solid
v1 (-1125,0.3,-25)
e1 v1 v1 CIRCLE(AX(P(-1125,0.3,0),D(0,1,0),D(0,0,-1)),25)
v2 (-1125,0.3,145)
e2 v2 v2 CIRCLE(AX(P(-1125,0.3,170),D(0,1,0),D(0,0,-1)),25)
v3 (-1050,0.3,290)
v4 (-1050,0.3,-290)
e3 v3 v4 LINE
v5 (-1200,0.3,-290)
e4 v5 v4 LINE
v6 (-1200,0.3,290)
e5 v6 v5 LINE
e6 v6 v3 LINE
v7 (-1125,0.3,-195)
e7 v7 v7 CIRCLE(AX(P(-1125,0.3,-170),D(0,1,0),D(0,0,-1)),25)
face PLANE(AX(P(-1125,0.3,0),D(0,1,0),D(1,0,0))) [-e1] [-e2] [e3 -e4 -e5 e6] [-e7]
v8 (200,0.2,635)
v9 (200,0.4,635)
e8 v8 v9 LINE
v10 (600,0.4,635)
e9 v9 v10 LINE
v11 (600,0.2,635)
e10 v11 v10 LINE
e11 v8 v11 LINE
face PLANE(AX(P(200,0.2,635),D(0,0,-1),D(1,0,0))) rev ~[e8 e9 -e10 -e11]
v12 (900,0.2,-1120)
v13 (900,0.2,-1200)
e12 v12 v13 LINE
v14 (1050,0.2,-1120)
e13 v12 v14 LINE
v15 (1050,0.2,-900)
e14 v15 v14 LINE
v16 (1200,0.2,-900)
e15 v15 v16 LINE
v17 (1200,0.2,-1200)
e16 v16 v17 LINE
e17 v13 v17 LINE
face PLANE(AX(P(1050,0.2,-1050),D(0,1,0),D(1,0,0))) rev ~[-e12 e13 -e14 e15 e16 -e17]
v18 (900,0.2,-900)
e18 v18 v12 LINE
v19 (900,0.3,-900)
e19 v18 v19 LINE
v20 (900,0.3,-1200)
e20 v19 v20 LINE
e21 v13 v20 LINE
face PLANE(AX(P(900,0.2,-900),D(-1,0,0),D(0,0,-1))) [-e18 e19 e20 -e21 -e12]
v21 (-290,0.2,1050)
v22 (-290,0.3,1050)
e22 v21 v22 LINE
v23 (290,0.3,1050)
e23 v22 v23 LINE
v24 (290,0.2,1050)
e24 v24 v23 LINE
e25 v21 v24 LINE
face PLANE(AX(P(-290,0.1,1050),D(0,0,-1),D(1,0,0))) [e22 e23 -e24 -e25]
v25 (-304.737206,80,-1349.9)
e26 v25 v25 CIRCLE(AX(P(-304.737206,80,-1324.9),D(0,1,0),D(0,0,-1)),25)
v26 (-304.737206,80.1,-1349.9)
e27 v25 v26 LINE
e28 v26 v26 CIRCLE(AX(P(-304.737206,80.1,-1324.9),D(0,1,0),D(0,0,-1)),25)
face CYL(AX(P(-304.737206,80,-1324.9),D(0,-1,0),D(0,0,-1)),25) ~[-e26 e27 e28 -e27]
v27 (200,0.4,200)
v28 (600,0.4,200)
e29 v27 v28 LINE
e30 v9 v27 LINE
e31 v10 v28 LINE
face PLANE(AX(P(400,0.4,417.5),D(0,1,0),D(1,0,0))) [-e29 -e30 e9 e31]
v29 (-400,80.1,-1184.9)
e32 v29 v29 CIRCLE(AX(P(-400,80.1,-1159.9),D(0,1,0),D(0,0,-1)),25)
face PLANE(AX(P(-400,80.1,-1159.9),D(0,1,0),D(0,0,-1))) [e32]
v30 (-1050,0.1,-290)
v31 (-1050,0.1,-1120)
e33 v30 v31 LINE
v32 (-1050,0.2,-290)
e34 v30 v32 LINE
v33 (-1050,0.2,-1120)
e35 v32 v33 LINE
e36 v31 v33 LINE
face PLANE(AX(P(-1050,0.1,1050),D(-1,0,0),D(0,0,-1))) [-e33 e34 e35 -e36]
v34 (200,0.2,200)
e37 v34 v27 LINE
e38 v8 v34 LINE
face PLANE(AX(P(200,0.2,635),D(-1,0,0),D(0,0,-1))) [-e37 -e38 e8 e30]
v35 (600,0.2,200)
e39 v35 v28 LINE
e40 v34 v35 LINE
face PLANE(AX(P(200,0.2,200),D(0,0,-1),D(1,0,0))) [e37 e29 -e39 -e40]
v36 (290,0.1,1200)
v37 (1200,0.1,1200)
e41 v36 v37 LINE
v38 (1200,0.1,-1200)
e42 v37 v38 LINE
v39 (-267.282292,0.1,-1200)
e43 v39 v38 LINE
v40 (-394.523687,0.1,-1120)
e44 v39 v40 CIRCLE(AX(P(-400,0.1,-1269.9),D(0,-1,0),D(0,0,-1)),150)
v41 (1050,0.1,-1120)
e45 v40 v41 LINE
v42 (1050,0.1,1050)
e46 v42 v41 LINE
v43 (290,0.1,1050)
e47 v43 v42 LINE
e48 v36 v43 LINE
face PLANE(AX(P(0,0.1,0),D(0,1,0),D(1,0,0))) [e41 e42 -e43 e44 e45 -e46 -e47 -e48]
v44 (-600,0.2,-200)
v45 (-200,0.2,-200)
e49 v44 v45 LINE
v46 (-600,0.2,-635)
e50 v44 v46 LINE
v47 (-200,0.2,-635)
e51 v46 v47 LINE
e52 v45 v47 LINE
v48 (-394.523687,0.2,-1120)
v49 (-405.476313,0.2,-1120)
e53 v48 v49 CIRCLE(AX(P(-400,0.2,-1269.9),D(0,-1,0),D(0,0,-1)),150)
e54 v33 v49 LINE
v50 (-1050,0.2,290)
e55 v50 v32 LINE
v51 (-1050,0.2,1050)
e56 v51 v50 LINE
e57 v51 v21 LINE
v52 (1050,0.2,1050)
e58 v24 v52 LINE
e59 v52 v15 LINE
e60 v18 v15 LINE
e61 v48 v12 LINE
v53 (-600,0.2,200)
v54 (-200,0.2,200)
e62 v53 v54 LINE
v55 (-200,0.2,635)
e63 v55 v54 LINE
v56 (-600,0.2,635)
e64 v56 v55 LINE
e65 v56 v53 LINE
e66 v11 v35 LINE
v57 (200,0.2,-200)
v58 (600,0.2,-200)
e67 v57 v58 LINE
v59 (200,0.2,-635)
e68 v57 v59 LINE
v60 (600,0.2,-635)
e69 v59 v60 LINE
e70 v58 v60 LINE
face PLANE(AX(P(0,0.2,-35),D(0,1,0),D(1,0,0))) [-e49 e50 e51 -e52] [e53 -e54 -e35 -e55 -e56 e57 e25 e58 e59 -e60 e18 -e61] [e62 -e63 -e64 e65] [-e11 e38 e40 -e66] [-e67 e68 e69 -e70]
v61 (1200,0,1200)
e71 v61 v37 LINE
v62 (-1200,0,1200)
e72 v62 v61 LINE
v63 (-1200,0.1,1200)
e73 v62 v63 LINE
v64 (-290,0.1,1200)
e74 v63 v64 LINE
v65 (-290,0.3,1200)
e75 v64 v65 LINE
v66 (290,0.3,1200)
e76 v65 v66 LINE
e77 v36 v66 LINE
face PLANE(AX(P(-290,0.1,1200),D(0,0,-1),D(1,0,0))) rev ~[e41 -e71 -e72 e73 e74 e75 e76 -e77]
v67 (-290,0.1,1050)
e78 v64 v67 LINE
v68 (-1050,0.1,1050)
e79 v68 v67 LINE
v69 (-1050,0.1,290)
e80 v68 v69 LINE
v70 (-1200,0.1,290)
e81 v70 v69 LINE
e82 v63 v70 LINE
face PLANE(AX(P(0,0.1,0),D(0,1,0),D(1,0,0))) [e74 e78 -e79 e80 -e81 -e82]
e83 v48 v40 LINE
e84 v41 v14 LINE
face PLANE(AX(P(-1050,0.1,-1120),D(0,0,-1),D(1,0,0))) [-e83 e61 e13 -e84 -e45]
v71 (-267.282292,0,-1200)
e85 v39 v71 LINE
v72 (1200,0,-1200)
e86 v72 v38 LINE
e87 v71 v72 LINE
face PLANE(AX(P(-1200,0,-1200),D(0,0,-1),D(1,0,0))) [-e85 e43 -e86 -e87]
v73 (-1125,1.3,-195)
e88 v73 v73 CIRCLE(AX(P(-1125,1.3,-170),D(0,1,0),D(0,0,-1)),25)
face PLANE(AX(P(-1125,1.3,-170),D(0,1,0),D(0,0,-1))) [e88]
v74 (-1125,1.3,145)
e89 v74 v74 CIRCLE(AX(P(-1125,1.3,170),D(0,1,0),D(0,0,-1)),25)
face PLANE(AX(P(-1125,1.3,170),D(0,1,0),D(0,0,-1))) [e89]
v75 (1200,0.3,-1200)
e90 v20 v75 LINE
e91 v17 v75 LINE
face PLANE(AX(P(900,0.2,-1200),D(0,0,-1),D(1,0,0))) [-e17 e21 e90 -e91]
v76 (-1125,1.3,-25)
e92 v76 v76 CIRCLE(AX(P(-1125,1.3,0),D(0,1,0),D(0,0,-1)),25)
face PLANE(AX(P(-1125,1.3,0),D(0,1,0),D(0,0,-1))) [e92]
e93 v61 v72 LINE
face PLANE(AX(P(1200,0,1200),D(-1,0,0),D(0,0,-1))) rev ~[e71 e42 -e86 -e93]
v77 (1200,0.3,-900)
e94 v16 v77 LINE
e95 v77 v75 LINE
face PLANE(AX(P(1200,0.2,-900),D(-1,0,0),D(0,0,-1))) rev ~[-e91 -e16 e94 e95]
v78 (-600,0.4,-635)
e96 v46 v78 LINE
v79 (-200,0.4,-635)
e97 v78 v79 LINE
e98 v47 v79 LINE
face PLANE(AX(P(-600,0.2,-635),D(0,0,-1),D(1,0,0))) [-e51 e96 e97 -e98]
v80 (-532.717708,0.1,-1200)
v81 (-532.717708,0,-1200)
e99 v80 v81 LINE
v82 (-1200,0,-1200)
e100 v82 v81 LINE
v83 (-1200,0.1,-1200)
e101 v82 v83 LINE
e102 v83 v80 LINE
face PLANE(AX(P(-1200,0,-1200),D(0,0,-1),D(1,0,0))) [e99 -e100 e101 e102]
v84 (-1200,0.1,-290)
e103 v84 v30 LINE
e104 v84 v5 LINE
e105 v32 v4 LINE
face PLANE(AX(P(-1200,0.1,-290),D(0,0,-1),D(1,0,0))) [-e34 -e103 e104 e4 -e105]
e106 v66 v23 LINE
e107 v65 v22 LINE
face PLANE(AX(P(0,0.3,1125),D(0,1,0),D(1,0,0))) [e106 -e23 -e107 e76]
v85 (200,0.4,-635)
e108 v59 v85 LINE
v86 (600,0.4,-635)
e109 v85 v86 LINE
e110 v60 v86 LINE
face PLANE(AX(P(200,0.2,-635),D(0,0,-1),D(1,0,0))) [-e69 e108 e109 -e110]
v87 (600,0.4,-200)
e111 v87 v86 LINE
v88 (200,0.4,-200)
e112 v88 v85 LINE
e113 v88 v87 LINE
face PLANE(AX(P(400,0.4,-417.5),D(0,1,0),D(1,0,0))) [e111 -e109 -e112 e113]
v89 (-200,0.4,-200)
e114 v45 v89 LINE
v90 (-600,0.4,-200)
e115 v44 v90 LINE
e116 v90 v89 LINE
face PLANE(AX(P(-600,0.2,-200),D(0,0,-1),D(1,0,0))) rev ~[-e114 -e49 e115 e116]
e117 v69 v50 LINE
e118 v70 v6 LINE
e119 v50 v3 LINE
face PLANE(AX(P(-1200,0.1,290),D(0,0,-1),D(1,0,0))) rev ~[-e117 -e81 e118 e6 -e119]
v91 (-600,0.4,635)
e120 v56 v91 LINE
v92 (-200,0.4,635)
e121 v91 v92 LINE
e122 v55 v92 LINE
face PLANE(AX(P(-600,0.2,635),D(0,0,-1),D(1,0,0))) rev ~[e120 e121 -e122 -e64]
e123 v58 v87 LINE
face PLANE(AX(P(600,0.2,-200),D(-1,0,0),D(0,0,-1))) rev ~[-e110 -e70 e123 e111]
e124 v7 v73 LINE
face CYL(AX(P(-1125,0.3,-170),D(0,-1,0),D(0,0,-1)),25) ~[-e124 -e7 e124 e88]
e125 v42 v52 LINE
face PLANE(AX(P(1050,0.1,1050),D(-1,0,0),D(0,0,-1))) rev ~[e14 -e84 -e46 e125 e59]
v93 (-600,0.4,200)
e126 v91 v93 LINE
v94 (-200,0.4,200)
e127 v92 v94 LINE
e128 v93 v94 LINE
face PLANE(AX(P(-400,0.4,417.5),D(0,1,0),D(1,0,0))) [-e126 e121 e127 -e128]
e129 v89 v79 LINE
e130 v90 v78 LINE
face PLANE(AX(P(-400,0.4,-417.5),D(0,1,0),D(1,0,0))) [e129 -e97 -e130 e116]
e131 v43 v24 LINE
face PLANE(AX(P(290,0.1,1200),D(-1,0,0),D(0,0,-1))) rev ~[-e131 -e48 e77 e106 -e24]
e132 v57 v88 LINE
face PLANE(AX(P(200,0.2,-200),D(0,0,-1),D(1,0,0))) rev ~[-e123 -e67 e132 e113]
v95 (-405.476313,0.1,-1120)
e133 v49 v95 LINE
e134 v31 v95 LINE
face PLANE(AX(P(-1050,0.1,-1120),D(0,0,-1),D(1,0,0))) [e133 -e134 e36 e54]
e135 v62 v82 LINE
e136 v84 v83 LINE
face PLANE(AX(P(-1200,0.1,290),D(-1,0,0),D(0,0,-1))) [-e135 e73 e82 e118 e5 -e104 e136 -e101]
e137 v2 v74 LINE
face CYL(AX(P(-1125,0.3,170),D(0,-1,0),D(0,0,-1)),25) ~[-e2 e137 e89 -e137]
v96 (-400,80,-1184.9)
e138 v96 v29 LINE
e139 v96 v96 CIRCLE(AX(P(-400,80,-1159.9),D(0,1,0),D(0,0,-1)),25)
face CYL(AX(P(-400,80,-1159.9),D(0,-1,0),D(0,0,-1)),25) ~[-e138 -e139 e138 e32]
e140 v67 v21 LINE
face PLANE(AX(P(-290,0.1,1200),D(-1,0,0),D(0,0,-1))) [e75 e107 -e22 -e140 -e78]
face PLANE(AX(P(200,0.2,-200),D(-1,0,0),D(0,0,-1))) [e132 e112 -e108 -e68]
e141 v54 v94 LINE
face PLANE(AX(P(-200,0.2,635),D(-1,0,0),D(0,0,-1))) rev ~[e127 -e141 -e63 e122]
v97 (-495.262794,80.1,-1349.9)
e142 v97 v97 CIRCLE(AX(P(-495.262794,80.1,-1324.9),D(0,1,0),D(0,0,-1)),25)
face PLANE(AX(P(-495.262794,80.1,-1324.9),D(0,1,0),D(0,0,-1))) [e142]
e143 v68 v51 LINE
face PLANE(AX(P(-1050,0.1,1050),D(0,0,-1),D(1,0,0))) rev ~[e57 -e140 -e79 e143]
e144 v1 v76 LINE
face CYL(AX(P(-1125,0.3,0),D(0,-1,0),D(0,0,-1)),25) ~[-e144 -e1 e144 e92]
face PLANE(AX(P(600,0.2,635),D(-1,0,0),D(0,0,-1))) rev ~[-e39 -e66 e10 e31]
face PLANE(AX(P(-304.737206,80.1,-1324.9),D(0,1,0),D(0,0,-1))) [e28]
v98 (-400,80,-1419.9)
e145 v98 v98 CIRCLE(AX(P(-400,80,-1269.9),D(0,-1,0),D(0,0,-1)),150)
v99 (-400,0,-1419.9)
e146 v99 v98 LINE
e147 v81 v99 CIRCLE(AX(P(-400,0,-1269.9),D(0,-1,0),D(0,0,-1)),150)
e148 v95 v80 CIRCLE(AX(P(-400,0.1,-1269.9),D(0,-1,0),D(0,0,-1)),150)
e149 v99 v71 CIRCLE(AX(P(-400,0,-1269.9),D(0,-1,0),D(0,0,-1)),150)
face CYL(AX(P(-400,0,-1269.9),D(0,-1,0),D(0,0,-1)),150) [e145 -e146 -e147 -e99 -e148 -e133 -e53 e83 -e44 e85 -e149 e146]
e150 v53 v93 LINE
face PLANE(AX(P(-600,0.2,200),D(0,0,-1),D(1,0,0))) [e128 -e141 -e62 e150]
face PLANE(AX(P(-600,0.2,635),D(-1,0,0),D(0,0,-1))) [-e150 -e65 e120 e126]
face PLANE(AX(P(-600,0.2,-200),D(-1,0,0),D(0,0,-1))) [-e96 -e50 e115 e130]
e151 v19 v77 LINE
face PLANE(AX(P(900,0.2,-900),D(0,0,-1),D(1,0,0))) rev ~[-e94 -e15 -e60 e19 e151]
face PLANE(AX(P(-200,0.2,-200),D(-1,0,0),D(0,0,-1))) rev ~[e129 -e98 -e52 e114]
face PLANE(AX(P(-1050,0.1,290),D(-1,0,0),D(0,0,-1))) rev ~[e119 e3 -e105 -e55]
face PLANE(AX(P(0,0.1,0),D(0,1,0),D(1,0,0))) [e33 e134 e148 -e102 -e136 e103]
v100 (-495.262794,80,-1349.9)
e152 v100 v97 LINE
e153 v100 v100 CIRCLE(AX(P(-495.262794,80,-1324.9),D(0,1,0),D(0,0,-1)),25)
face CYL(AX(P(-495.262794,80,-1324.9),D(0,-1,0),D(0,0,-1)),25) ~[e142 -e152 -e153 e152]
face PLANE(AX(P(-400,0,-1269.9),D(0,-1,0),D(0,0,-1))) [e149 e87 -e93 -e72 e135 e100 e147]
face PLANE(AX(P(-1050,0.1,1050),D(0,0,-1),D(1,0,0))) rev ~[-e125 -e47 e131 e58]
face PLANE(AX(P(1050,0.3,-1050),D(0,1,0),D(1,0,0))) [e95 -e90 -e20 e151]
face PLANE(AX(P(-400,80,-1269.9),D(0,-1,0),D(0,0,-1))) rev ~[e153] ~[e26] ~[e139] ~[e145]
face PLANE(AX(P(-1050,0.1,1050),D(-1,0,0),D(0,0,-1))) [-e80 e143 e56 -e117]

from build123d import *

# Parameters (mm, degrees)
SKETCH_1_W       = 2400
SKETCH_1_H       = 2400
EXTRUDE_1_DEPTH  = 0.1
SKETCH_3_W       = 2100
SKETCH_3_H       = 2170
SKETCH_3_W_2     = 1200
SKETCH_3_H_2     = 1270
SKETCH_3_W_3     = 400
SKETCH_3_H_3     = 435
SKETCH_3_H_4     = 400
EXTRUDE_5_DEPTH  = 0.1
SKETCH_4_W       = 300
SKETCH_4_H       = 300
EXTRUDE_7_DEPTH  = 0.1
SKETCH_5_W       = 580
SKETCH_5_H       = 150
EXTRUDE_9_DEPTH  = 0.2
SKETCH_6_W       = 150
SKETCH_6_H       = 580
EXTRUDE_10_DEPTH = 0.2
SKETCH_7_W       = 400
SKETCH_7_H       = 435
EXTRUDE_11_DEPTH = 0.2
SKETCH_10_R      = 150
EXTRUDE_14_DEPTH = 80
SKETCH_11_R      = 25
EXTRUDE_15_DEPTH = 0.1
SKETCH_12_R      = 25
EXTRUDE_16_DEPTH = 1


with BuildPart() as part:
    # 草图1 → 凸台-拉伸1 (new body)
    with BuildSketch(Plane(origin=(0, 0, 0), x_dir=(1, 0, 0), z_dir=(0, 1, 0))):
        Rectangle(SKETCH_1_W, SKETCH_1_H)
    extrude(amount=EXTRUDE_1_DEPTH)

    # 草图3 → 凸台-拉伸5 (add)
    # profile 1 of 10: a face of its own
    with BuildSketch(Plane(origin=(0, 0.1, 0), x_dir=(1, 0, 0), z_dir=(0, 1, 0))):
        with Locations((0, 35)):
            Rectangle(SKETCH_3_W, SKETCH_3_H)
        Rectangle(SKETCH_3_W_2, SKETCH_3_H_2, mode=Mode.SUBTRACT)
    # profile 2 of 10: a face of its own
    with BuildSketch(Plane(origin=(0, 0.1, 0), x_dir=(1, 0, 0), z_dir=(0, 1, 0))):
        with Locations((0, 417.5)):
            Rectangle(SKETCH_3_W_3, SKETCH_3_H_3)
    # profile 3 of 10: a face of its own
    with BuildSketch(Plane(origin=(0, 0.1, 0), x_dir=(1, 0, 0), z_dir=(0, 1, 0))):
        with Locations((0, -417.5)):
            Rectangle(SKETCH_3_W_3, SKETCH_3_H_3)
    # profile 4 of 10: a face of its own
    with BuildSketch(Plane(origin=(0, 0.1, 0), x_dir=(1, 0, 0), z_dir=(0, 1, 0))):
        with Locations((-400, 0)):
            Rectangle(SKETCH_3_W_3, SKETCH_3_H_4)
    # profile 5 of 10: a face of its own
    with BuildSketch(Plane(origin=(0, 0.1, 0), x_dir=(1, 0, 0), z_dir=(0, 1, 0))):
        with Locations((400, 0)):
            Rectangle(SKETCH_3_W_3, SKETCH_3_H_4)
    # profile 6 of 10: a face of its own
    with BuildSketch(Plane(origin=(0, 0.1, 0), x_dir=(1, 0, 0), z_dir=(0, 1, 0))):
        with Locations((-400, -417.5)):
            Rectangle(SKETCH_3_W_3, SKETCH_3_H_3)
    # profile 7 of 10: a face of its own
    with BuildSketch(Plane(origin=(0, 0.1, 0), x_dir=(1, 0, 0), z_dir=(0, 1, 0))):
        Rectangle(SKETCH_3_W_3, SKETCH_3_H_4)
    # profile 8 of 10: a face of its own
    with BuildSketch(Plane(origin=(0, 0.1, 0), x_dir=(1, 0, 0), z_dir=(0, 1, 0))):
        with Locations((-400, 417.5)):
            Rectangle(SKETCH_3_W_3, SKETCH_3_H_3)
    # profile 9 of 10: a face of its own
    with BuildSketch(Plane(origin=(0, 0.1, 0), x_dir=(1, 0, 0), z_dir=(0, 1, 0))):
        with Locations((400, 417.5)):
            Rectangle(SKETCH_3_W_3, SKETCH_3_H_3)
    # profile 10 of 10: a face of its own
    with BuildSketch(Plane(origin=(0, 0.1, 0), x_dir=(1, 0, 0), z_dir=(0, 1, 0))):
        with Locations((400, -417.5)):
            Rectangle(SKETCH_3_W_3, SKETCH_3_H_3)
    extrude(amount=EXTRUDE_5_DEPTH)

    # 草图4 → 凸台-拉伸7 (add)
    with BuildSketch(Plane(origin=(0, 0.2, 0), x_dir=(1, 0, 0), z_dir=(0, 1, 0))):
        with Locations((1050, 1050)):
            Rectangle(SKETCH_4_W, SKETCH_4_H)
    extrude(amount=EXTRUDE_7_DEPTH)

    # 草图5 → 凸台-拉伸9 (add)
    with BuildSketch(Plane(origin=(0, 0.1, 0), x_dir=(1, 0, 0), z_dir=(0, 1, 0))):
        with Locations((0, -1125)):
            Rectangle(SKETCH_5_W, SKETCH_5_H)
    extrude(amount=EXTRUDE_9_DEPTH)

    # 草图6 → 凸台-拉伸10 (add)
    with BuildSketch(Plane(origin=(0, 0.1, 0), x_dir=(1, 0, 0), z_dir=(0, 1, 0))):
        with Locations((-1125, 0)):
            Rectangle(SKETCH_6_W, SKETCH_6_H)
    extrude(amount=EXTRUDE_10_DEPTH)

    # 草图7 → 凸台-拉伸11 (add)
    with BuildSketch(Plane(origin=(0, 0.2, 0), x_dir=(1, 0, 0), z_dir=(0, 1, 0))):
        with Locations((400, 417.5)):
            Rectangle(SKETCH_7_W, SKETCH_7_H)
        with Locations((400, -417.5)):
            Rectangle(SKETCH_7_W, SKETCH_7_H)
        with Locations((-400, -417.5)):
            Rectangle(SKETCH_7_W, SKETCH_7_H)
        with Locations((-400, 417.5)):
            Rectangle(SKETCH_7_W, SKETCH_7_H)
    extrude(amount=EXTRUDE_11_DEPTH)

    # 草图10 → 凸台-拉伸14 (add)
    with BuildSketch(Plane.XZ):
        with Locations(Location((-400, -1269.9, 0), (0, 0, 270))):
            Circle(SKETCH_10_R)
    extrude(amount=-EXTRUDE_14_DEPTH)

    # 草图11 → 凸台-拉伸15 (add)
    with BuildSketch(Plane(origin=(0, 80, 0), x_dir=(1, 0, 0), z_dir=(0, 1, 0))):
        with Locations(Location((-495.262794416, 1324.9, 0), (0, 0, 90))):
            Circle(SKETCH_11_R)
        with Locations(Location((-400, 1159.9, 0), (0, 0, 90))):
            Circle(SKETCH_11_R)
        with Locations(Location((-304.737205584, 1324.9, 0), (0, 0, 90))):
            Circle(SKETCH_11_R)
    extrude(amount=EXTRUDE_15_DEPTH)

    # 草图12 → 凸台-拉伸16 (add)
    with BuildSketch(Plane(origin=(0, 0.3, 0), x_dir=(1, 0, 0), z_dir=(0, 1, 0))):
        with Locations(Location((-1125, 0, 0), (0, 0, 90))):
            Circle(SKETCH_12_R)
        with Locations(Location((-1125, 170, 0), (0, 0, 90))):
            Circle(SKETCH_12_R)
        with Locations(Location((-1125, -170, 0), (0, 0, 90))):
            Circle(SKETCH_12_R)
    extrude(amount=EXTRUDE_16_DEPTH)


solid = part.part
